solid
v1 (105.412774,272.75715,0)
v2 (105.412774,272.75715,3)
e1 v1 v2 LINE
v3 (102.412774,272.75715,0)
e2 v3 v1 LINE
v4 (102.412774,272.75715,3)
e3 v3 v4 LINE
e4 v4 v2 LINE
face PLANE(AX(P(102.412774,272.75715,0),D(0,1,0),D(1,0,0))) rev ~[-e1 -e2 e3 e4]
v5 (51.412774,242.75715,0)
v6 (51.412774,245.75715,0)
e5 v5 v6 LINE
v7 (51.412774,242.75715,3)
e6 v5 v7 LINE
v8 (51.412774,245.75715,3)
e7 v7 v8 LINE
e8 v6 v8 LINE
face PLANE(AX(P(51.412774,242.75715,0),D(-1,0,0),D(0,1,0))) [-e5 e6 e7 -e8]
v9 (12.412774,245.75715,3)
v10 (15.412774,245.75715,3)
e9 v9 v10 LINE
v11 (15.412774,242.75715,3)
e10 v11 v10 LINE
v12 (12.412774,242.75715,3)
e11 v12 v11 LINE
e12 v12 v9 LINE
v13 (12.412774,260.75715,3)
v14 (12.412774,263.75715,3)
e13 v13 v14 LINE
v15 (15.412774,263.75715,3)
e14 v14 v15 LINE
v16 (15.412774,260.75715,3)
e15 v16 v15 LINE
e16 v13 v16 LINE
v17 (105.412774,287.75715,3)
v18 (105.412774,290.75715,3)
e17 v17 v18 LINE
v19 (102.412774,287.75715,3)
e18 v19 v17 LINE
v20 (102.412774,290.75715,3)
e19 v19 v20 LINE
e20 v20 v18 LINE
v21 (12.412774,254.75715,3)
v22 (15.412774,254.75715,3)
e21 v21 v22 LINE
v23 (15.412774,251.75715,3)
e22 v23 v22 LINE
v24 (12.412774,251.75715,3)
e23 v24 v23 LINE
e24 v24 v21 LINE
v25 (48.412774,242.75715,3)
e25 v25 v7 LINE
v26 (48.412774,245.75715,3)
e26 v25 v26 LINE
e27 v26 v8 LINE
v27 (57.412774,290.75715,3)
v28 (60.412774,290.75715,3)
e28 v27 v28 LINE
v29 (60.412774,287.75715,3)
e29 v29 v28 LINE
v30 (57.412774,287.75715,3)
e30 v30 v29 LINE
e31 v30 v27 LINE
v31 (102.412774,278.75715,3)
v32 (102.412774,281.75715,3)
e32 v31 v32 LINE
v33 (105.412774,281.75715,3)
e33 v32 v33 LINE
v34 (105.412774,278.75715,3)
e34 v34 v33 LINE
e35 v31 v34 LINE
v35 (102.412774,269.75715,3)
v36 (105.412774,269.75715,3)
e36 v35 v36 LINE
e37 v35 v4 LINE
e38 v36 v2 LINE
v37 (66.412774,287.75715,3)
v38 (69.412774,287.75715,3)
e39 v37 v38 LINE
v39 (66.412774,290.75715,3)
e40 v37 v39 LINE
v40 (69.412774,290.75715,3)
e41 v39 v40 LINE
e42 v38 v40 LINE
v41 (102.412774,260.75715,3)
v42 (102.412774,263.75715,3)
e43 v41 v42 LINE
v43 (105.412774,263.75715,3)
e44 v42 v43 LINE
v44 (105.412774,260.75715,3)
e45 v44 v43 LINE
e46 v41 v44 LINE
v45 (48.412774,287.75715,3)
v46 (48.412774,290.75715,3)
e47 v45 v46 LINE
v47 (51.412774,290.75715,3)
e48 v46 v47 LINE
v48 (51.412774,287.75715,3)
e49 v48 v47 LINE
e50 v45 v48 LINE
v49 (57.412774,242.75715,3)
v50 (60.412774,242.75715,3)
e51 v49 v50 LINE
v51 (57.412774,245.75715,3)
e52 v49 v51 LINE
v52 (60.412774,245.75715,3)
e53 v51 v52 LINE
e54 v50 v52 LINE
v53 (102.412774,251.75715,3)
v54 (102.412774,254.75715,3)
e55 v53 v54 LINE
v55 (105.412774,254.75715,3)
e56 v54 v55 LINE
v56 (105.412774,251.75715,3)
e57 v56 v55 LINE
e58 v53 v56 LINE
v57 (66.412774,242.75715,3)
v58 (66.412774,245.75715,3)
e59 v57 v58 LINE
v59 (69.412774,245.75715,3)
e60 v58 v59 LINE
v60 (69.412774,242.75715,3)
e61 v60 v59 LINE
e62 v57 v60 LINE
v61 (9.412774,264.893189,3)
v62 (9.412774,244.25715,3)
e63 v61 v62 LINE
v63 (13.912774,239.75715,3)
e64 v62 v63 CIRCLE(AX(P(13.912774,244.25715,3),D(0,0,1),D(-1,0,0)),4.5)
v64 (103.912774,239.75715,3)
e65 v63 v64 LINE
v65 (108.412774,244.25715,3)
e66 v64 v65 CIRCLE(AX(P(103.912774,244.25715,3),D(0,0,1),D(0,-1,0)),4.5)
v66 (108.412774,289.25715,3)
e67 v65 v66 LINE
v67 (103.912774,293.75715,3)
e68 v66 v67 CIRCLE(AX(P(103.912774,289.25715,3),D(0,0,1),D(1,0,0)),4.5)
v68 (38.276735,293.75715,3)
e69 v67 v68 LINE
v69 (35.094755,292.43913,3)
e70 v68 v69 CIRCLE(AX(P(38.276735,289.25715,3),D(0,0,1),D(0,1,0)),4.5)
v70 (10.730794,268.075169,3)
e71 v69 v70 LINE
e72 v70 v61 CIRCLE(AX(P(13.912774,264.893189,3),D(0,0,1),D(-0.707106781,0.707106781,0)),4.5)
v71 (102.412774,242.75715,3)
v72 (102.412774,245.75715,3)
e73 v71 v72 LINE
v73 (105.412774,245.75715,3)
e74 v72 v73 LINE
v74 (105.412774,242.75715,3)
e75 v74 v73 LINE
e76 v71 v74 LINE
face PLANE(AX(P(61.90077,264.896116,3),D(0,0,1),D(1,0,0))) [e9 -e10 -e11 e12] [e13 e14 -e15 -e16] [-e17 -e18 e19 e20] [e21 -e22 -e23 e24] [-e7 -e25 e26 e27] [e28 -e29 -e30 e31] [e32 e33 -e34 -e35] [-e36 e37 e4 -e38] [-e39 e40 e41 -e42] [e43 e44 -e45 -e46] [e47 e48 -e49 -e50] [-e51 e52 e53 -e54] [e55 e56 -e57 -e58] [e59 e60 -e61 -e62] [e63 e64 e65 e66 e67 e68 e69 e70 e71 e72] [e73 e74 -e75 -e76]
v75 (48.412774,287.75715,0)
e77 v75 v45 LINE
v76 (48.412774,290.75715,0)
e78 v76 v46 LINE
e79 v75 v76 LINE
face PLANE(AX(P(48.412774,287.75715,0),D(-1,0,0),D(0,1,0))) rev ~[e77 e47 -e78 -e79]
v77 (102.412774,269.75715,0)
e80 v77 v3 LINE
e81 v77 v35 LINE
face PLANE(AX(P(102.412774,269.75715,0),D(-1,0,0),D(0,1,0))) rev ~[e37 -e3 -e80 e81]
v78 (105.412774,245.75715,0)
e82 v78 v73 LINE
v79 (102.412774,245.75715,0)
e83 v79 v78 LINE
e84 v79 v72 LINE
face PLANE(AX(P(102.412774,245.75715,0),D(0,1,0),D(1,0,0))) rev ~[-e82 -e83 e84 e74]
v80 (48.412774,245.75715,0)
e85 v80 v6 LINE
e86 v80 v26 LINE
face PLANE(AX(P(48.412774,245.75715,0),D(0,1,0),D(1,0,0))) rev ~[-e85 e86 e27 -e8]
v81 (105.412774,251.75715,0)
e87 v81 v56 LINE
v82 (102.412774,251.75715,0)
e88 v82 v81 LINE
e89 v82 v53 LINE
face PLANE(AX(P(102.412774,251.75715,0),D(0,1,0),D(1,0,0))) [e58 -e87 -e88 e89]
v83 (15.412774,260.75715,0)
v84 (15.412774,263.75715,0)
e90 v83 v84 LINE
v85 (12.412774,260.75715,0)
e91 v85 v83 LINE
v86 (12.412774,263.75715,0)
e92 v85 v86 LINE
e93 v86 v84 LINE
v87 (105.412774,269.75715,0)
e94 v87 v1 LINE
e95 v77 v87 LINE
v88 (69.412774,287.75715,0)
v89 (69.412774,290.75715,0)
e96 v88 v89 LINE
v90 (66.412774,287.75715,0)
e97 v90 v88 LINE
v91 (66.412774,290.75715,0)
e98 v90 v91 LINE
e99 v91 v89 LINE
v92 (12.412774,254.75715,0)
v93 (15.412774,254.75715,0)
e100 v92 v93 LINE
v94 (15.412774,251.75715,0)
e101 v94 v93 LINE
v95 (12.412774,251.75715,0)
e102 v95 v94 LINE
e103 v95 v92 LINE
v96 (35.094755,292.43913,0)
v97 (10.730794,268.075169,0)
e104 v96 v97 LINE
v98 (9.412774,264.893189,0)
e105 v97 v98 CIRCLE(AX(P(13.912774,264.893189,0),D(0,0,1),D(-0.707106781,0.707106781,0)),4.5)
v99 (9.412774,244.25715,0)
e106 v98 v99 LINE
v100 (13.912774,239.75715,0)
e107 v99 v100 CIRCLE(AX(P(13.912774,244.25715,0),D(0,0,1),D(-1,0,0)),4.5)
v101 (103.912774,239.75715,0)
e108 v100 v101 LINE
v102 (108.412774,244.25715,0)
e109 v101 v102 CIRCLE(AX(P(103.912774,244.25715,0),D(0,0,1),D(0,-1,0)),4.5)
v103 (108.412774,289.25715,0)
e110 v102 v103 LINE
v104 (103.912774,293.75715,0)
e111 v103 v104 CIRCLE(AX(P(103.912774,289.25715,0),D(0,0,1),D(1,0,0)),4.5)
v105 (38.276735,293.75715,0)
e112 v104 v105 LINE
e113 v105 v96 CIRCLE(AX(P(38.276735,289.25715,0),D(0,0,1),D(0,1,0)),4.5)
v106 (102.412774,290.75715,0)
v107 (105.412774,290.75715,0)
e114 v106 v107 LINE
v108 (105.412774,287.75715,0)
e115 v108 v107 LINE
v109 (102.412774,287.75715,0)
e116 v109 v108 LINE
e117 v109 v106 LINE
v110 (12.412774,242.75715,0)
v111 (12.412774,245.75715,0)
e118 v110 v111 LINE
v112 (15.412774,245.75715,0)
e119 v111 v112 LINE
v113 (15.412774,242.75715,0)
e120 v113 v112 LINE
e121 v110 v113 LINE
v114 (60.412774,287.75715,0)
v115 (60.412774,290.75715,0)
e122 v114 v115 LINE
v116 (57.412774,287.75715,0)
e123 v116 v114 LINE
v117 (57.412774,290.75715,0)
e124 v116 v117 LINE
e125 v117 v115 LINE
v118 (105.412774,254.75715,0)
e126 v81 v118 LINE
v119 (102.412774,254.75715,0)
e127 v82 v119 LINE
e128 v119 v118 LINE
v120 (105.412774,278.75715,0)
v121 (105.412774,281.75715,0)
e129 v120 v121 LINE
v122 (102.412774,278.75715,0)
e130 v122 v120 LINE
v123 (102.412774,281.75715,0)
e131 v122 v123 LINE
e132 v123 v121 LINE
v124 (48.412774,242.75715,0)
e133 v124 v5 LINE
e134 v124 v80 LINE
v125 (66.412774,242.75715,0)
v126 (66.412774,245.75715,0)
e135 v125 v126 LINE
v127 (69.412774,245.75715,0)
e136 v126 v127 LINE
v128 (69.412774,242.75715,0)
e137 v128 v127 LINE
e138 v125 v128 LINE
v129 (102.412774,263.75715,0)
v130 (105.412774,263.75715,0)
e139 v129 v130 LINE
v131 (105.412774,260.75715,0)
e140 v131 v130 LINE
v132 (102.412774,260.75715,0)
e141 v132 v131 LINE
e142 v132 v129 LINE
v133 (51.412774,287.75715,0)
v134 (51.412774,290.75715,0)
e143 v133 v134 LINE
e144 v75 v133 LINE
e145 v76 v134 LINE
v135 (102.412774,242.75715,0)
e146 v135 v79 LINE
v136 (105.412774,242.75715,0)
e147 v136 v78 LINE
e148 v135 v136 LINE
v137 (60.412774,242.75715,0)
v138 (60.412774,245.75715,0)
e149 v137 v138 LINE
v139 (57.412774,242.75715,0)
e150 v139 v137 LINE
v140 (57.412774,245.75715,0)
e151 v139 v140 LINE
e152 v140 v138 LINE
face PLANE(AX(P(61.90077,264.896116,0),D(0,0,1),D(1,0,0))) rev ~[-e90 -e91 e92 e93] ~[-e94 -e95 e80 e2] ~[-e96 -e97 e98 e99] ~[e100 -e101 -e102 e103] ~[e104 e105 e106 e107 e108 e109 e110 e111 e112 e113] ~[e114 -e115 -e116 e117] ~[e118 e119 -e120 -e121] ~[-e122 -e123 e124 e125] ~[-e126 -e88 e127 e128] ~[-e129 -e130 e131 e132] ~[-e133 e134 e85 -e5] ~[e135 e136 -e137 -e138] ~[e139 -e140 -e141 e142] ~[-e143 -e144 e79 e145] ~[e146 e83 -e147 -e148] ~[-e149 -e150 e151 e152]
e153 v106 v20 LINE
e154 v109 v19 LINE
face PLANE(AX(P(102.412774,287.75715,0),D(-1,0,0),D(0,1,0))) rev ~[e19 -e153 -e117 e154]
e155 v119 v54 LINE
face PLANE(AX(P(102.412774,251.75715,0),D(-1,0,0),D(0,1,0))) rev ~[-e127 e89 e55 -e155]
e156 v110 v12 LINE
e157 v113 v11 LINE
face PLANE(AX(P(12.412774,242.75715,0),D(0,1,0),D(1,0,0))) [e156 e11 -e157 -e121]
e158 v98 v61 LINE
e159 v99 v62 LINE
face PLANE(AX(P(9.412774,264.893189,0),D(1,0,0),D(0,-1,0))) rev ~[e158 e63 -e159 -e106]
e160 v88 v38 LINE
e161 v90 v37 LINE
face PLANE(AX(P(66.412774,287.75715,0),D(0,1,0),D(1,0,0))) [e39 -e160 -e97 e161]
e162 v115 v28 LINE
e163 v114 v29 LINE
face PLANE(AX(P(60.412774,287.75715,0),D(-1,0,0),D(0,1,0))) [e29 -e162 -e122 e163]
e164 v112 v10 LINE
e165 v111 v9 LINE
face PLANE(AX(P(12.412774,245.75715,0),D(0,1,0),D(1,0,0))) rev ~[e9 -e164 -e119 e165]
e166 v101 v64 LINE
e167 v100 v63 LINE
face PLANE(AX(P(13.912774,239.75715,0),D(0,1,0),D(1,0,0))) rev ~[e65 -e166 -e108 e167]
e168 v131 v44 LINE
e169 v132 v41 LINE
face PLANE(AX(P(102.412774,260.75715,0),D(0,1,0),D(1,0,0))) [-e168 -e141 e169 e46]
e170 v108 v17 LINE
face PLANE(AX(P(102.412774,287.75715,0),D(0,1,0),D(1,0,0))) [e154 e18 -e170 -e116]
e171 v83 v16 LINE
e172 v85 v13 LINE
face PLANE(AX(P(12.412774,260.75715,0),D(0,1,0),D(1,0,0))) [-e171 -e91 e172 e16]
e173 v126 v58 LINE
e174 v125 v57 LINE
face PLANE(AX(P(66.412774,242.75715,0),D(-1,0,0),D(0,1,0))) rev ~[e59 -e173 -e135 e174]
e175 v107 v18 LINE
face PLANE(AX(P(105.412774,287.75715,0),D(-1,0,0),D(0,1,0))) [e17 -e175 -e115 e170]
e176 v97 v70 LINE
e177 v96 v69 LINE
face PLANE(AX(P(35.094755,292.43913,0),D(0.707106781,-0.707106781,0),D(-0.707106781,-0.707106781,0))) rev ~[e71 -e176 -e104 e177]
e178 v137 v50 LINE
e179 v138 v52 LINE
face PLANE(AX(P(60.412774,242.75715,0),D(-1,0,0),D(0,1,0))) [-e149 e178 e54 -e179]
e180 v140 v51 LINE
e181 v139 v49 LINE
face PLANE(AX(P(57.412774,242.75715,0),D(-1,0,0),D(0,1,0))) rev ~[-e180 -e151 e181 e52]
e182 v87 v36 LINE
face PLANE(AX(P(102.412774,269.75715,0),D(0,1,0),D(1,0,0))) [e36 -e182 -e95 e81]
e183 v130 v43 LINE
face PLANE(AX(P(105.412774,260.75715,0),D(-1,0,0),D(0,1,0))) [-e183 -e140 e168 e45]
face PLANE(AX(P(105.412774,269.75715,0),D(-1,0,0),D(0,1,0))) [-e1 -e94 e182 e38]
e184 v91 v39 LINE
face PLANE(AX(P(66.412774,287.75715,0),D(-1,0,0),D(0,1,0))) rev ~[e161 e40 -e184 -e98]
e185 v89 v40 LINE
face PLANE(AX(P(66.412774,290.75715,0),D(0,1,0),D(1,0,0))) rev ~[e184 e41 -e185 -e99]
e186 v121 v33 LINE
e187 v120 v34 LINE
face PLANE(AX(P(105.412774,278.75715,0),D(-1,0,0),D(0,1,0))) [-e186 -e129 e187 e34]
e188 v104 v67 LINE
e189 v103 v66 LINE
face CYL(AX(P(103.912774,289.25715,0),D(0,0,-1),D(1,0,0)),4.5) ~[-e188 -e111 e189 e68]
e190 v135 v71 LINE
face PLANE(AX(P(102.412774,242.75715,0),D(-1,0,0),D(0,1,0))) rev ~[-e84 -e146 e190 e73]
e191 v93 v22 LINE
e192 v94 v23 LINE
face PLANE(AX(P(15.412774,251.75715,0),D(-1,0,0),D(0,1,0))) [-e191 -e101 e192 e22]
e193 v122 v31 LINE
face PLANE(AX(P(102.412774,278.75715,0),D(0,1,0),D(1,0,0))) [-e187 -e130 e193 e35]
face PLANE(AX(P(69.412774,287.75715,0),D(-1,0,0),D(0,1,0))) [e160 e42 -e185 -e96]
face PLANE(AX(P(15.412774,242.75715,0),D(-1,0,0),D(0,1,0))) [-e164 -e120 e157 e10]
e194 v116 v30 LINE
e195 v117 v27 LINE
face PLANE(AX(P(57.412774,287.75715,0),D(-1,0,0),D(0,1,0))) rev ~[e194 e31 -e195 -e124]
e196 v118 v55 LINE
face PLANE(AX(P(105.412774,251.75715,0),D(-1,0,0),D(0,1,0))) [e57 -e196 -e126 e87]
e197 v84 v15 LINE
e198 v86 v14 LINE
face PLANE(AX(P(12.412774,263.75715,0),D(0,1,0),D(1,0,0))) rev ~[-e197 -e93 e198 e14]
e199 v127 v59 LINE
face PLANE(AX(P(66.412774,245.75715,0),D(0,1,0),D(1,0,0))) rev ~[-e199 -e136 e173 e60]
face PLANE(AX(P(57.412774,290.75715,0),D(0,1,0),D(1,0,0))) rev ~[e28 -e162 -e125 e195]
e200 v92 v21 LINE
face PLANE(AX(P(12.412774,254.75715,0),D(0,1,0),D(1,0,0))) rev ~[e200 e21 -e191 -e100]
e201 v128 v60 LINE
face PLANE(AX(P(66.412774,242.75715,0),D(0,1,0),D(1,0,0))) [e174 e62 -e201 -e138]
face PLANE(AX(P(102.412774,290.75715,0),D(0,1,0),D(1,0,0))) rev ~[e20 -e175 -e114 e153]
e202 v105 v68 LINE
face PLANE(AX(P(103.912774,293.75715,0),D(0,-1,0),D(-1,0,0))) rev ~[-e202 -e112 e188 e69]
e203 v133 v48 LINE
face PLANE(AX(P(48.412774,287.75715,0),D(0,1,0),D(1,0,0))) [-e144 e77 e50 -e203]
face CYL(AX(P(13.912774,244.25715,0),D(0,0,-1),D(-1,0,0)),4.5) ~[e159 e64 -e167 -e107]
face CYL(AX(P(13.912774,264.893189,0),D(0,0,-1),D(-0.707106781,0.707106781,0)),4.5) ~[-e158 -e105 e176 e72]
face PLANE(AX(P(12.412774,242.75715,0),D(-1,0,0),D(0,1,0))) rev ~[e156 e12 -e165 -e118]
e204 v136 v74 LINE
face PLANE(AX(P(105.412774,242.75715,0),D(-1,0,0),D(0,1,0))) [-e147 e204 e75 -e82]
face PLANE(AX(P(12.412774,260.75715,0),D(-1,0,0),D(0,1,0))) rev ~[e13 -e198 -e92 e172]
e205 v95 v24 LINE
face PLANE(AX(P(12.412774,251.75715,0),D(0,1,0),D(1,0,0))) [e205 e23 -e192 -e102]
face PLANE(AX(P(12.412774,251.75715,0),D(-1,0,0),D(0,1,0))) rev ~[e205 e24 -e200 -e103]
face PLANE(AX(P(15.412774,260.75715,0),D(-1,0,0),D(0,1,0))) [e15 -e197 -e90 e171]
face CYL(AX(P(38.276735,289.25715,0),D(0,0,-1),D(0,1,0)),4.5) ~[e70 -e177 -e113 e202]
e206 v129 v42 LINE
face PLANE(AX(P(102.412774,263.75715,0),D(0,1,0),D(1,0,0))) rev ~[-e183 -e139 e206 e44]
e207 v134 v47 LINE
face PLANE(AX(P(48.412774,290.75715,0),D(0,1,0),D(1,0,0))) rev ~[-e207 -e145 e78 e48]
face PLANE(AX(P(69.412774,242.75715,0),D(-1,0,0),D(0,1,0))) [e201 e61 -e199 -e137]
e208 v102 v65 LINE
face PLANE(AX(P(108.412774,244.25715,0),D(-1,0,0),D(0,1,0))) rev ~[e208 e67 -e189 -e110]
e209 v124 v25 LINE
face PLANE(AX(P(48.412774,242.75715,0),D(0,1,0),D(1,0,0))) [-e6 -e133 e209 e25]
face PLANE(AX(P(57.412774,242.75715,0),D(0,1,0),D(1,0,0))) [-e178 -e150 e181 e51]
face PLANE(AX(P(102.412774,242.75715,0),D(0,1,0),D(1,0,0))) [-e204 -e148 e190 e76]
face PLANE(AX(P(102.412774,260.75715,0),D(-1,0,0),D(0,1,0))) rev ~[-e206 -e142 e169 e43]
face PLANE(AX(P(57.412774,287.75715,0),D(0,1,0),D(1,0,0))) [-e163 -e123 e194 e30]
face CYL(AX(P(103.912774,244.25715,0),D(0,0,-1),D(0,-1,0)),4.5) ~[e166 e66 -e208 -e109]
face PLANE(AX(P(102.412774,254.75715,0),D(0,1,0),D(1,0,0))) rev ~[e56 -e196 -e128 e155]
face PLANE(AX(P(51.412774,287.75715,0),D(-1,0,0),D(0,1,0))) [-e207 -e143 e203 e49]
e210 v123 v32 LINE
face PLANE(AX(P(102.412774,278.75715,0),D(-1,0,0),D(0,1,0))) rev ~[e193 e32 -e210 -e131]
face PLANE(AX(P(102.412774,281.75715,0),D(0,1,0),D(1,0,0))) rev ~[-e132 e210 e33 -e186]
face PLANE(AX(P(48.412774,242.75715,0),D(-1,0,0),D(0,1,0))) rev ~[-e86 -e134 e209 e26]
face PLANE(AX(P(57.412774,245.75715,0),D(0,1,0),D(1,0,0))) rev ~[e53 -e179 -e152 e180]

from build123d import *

# Parameters (mm, degrees)
MODEL_W                 = 3
MODEL_H                 = 3
SALIENTE_EXTRUIR1_DEPTH = 3


with BuildPart() as part:
    # Model → Saliente-Extruir1 (new body)
    with BuildSketch(Plane.XY):
        with BuildLine():
            Line((13.912774389, 239.757149551), (103.912774389, 239.757149551))
            ThreePointArc((103.912774389, 239.757149551), (107.094754904, 241.075169036), (108.412774389, 244.257149551))
            Line((108.412774389, 244.257149551), (108.412774389, 289.257149551))
            ThreePointArc((108.412774389, 289.257149551), (107.094754904, 292.439130067), (103.912774389, 293.757149551))
            Line((103.912774389, 293.757149551), (38.276735419, 293.757149551))
            ThreePointArc((38.276735419, 293.757149551), (36.554659974, 293.414607448), (35.094754904, 292.439130067))
            Line((35.094754904, 292.439130067), (10.730793873, 268.075169036))
            ThreePointArc((10.730793873, 268.075169036), (9.755316492, 266.615263966), (9.412774389, 264.893188521))
            Line((9.412774389, 264.893188521), (9.412774389, 244.257149551))
            ThreePointArc((9.412774389, 244.257149551), (10.730793873, 241.075169036), (13.912774389, 239.757149551))
        make_face()
        with Locations((13.912774389, 253.257149551)):
            Rectangle(MODEL_W, MODEL_H, mode=Mode.SUBTRACT)
        with Locations((103.912774389, 244.257149551)):
            Rectangle(MODEL_W, MODEL_H, mode=Mode.SUBTRACT)
        with Locations((103.912774389, 289.257149551)):
            Rectangle(MODEL_W, MODEL_H, mode=Mode.SUBTRACT)
        with Locations((58.912774389, 289.257149551)):
            Rectangle(MODEL_W, MODEL_H, mode=Mode.SUBTRACT)
        with Locations((103.912774389, 253.257149551)):
            Rectangle(MODEL_W, MODEL_H, mode=Mode.SUBTRACT)
        with Locations((103.912774389, 280.257149551)):
            Rectangle(MODEL_W, MODEL_H, mode=Mode.SUBTRACT)
        with Locations((67.912774389, 289.257149551)):
            Rectangle(MODEL_W, MODEL_H, mode=Mode.SUBTRACT)
        with Locations((49.912774389, 289.257149551)):
            Rectangle(MODEL_W, MODEL_H, mode=Mode.SUBTRACT)
        with Locations((103.912774389, 271.257149551)):
            Rectangle(MODEL_W, MODEL_H, mode=Mode.SUBTRACT)
        with Locations((103.912774389, 262.257149551)):
            Rectangle(MODEL_W, MODEL_H, mode=Mode.SUBTRACT)
        with Locations((58.912774389, 244.257149551)):
            Rectangle(MODEL_W, MODEL_H, mode=Mode.SUBTRACT)
        with Locations((67.912774389, 244.257149551)):
            Rectangle(MODEL_W, MODEL_H, mode=Mode.SUBTRACT)
        with Locations((49.912774389, 244.257149551)):
            Rectangle(MODEL_W, MODEL_H, mode=Mode.SUBTRACT)
        with Locations((13.912774389, 244.257149551)):
            Rectangle(MODEL_W, MODEL_H, mode=Mode.SUBTRACT)
        with Locations((13.912774389, 262.257149551)):
            Rectangle(MODEL_W, MODEL_H, mode=Mode.SUBTRACT)
    extrude(amount=SALIENTE_EXTRUIR1_DEPTH)


solid = part.part
